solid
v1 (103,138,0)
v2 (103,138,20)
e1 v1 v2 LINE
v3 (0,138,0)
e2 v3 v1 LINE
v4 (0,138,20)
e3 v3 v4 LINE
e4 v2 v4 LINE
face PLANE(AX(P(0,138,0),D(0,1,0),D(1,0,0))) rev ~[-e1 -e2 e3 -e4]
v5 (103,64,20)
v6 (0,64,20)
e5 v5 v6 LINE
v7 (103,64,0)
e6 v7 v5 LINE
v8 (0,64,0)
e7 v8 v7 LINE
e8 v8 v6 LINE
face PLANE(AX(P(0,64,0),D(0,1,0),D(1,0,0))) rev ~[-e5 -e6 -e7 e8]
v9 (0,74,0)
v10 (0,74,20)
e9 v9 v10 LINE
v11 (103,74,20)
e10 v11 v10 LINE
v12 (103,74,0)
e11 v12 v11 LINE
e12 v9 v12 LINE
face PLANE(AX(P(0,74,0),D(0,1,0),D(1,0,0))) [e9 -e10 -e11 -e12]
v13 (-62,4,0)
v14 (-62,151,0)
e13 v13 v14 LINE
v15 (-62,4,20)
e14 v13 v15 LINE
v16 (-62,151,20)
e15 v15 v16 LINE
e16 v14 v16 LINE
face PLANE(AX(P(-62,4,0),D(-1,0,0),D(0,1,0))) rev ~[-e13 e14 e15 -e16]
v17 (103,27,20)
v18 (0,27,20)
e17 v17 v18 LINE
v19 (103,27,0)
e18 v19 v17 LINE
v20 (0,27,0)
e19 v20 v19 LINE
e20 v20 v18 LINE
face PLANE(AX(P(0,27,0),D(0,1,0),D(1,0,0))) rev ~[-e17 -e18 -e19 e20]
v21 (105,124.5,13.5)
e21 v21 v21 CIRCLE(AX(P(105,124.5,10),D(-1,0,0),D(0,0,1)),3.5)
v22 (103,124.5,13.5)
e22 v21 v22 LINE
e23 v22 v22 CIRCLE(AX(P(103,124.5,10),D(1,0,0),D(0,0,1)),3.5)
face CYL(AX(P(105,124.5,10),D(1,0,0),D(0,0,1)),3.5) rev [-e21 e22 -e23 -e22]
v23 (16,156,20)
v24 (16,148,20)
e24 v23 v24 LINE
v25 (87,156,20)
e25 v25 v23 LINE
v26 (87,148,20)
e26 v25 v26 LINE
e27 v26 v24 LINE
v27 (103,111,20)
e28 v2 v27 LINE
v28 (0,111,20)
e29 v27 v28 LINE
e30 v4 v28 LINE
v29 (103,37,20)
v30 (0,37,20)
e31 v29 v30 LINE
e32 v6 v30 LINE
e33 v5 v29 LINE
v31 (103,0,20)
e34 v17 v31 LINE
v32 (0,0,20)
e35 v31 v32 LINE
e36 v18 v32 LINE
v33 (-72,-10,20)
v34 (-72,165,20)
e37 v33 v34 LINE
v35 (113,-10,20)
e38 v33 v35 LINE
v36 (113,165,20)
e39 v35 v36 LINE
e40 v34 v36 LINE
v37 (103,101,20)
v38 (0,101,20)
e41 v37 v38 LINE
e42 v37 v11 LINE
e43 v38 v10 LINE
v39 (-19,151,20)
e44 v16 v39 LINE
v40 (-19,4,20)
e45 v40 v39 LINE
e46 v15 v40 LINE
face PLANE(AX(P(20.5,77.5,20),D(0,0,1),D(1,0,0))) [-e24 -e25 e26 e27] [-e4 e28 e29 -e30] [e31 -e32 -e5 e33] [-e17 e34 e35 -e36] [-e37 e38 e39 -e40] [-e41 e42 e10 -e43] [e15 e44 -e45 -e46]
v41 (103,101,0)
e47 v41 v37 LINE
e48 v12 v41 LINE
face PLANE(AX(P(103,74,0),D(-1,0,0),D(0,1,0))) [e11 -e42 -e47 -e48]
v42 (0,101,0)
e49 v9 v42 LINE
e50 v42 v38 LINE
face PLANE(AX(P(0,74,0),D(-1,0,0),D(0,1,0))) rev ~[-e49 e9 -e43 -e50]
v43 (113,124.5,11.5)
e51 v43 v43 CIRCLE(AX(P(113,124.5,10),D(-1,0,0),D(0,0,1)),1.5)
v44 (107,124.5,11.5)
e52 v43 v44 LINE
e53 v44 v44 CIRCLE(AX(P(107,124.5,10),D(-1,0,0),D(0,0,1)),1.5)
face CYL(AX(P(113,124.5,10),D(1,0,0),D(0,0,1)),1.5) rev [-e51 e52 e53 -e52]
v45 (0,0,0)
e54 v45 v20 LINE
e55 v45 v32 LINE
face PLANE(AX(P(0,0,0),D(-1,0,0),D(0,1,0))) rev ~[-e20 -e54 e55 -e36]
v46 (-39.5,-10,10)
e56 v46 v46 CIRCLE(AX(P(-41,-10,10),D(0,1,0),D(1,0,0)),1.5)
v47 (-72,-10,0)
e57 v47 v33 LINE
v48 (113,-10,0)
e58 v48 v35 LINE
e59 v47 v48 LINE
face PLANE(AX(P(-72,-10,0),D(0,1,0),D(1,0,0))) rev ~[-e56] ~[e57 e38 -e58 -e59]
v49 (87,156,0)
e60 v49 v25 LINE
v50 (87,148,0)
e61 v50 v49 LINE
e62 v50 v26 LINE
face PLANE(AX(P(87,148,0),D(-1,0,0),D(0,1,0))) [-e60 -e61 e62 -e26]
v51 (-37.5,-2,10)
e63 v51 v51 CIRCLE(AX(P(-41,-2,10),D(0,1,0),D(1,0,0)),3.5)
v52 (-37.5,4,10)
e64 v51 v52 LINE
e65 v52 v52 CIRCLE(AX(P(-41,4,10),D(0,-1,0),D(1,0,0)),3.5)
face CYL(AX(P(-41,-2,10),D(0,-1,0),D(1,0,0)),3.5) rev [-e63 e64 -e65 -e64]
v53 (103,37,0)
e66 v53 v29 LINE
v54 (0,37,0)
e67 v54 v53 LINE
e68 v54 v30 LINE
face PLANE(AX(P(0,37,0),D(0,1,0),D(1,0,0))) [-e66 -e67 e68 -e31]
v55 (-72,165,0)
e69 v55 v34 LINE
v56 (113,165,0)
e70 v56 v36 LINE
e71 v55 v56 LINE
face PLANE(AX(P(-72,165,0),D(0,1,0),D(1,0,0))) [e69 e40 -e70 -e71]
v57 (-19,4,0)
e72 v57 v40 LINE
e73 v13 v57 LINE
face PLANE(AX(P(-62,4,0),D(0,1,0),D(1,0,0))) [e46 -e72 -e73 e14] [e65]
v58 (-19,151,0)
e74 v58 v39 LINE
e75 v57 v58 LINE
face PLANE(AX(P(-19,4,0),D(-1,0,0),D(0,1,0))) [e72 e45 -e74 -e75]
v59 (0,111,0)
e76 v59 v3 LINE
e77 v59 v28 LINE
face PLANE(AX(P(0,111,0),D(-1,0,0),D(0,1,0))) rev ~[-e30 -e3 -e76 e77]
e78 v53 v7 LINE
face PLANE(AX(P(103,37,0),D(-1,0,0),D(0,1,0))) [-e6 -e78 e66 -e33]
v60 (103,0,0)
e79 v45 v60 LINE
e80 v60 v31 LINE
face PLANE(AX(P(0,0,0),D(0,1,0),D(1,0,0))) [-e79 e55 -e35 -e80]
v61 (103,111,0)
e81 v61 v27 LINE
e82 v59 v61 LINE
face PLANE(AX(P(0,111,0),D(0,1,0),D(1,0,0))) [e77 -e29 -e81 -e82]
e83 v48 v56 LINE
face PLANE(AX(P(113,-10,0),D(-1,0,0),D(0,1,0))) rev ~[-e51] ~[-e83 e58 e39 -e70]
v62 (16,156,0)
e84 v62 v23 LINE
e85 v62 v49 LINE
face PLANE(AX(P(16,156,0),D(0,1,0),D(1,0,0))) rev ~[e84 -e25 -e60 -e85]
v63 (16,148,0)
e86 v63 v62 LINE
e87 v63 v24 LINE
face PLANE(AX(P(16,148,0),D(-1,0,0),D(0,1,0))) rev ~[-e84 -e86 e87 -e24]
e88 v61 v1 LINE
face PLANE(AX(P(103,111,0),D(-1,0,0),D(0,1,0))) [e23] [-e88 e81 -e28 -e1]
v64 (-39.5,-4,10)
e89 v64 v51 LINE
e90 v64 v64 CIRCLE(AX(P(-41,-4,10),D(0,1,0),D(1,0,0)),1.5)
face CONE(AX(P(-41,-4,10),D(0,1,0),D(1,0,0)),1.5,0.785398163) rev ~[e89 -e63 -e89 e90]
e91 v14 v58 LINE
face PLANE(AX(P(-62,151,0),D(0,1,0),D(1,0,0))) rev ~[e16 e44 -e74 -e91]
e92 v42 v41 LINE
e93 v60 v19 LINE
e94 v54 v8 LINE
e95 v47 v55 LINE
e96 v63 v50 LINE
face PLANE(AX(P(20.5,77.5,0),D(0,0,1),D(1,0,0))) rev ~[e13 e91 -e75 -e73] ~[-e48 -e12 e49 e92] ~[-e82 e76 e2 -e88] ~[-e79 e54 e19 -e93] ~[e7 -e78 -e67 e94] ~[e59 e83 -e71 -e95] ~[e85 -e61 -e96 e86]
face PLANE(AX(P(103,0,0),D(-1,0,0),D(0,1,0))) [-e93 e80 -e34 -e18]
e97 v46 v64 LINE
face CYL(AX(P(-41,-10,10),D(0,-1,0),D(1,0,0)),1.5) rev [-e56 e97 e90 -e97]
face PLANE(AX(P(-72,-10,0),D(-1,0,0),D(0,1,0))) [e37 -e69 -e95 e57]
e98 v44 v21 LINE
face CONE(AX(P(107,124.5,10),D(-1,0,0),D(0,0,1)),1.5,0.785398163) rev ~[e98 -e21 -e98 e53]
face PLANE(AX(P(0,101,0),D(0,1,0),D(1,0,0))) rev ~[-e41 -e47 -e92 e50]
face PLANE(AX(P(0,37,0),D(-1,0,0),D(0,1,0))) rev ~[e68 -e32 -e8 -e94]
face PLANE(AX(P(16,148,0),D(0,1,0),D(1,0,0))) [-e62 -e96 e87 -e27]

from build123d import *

# Parameters (mm, degrees)
CYLINDER002_R         = 3.5
CYLINDER002_DEPTH     = 10
CYLINDER001_R         = 1.5
CYLINDER001_DEPTH     = 10
FUSION002_ROLL_ANGLE  = -90
FUSION001_PITCH_ANGLE = -90
BOX001_W              = 71
BOX001_H              = 8
BOX001_DEPTH          = 100
BOX_W                 = 103
BOX_H                 = 27
BOX_DEPTH             = 146
ARRAY_Y_COUNT         = 4
ARRAY_Y_PITCH         = 37
BOX005_W              = 43
BOX005_H              = 147
BOX005_DEPTH          = 20
BOX002_W              = 185
BOX002_H              = 175
BOX002_DEPTH          = 20


with BuildPart() as cylinder002:
    # Cylinder002 → Cylinder002 (new body)
    with BuildSketch(Plane(origin=(15, -5, 8), x_dir=(1, 0, 0), z_dir=(0, 0, 1))):
        Circle(CYLINDER002_R)
    extrude(amount=CYLINDER002_DEPTH)


with BuildPart() as cone:
    # Cone → Cone (revolve)
    with BuildSketch(Plane(origin=(15, -5, 6), x_dir=(1, 0, 0), z_dir=(0, -1, 0))):
        Polygon((0, 0), (1.5, 0), (3.5, 2), (0, 2), align=None)
    revolve(axis=Axis((15, -5, 6), (0, 0, 1)))


with BuildPart() as cylinder001:
    # Cylinder001 → Cylinder001 (new body)
    with BuildSketch(Plane(origin=(15, -5, 0), x_dir=(1, 0, 0), z_dir=(0, 0, 1))):
        Circle(CYLINDER001_R)
    extrude(amount=CYLINDER001_DEPTH)


with BuildPart() as fusion002:
    # Fusion002 base: copy of Cylinder001
    add(cylinder001.part)

    # Fusion002: union Cylinder002, Cone
    add(cylinder002.part)
    add(cone.part)


with BuildPart() as fusion002_1:
    # Fusion002 roll: moved
    add(fusion002.part.rotate(Axis((0, 0, 0), (1, 0, 0)), FUSION002_ROLL_ANGLE))


with BuildPart() as fusion002_2:
    # Fusion002 placement: moved
    add(fusion002_1.part.moved(Location((-56, -10, 5))))


with BuildPart() as fusion001:
    # Fusion001 base: copy of Cylinder001
    add(cylinder001.part)

    # Fusion001: union Cylinder002, Cone
    add(cylinder002.part)
    add(cone.part)


with BuildPart() as fusion001_1:
    # Fusion001 pitch: moved
    add(fusion001.part.rotate(Axis((0, 0, 0), (0, 1, 0)), FUSION001_PITCH_ANGLE))


with BuildPart() as fusion001_2:
    # Fusion001 placement: moved
    add(fusion001_1.part.moved(Location((113, 129.5, -5))))


with BuildPart() as cube001:
    # Box001 → Box001 (new body)
    with BuildSketch(Plane(origin=(16, 148, 0), x_dir=(1, 0, 0), z_dir=(0, 0, 1))):
        with Locations((35.5, 4)):
            Rectangle(BOX001_W, BOX001_H)
    extrude(amount=BOX001_DEPTH)


with BuildPart() as array:
    # Box → Box (new body)
    with BuildSketch(Plane.XY):
        with Locations((51.5, 13.5)):
            Rectangle(BOX_W, BOX_H)
    extrude(amount=BOX_DEPTH)

    # Array Y: Array ×4


with BuildPart() as array_1:
    add(array.part)
    with Locations(*[(0, i * ARRAY_Y_PITCH, 0) for i in range(1, ARRAY_Y_COUNT)]):
        add(array.part)


with BuildPart() as fusion:
    # Box005 → Box005 (new body)
    with BuildSketch(Plane(origin=(-62, 4, 0), x_dir=(1, 0, 0), z_dir=(0, 0, 1))):
        with Locations((21.5, 73.5)):
            Rectangle(BOX005_W, BOX005_H)
    extrude(amount=BOX005_DEPTH)

    # Fusion: union Fusion002, Fusion001, Cube001, Array
    add(fusion002_2.part)
    add(fusion001_2.part)
    add(cube001.part)
    add(array_1.part)


with BuildPart() as cut:
    # Box002 → Box002 (new body)
    with BuildSketch(Plane(origin=(-72, -10, 0), x_dir=(1, 0, 0), z_dir=(0, 0, 1))):
        with Locations((92.5, 87.5)):
            Rectangle(BOX002_W, BOX002_H)
    extrude(amount=BOX002_DEPTH)

    # Cut: cut Fusion
    add(fusion.part, mode=Mode.SUBTRACT)


solid = cut.part
